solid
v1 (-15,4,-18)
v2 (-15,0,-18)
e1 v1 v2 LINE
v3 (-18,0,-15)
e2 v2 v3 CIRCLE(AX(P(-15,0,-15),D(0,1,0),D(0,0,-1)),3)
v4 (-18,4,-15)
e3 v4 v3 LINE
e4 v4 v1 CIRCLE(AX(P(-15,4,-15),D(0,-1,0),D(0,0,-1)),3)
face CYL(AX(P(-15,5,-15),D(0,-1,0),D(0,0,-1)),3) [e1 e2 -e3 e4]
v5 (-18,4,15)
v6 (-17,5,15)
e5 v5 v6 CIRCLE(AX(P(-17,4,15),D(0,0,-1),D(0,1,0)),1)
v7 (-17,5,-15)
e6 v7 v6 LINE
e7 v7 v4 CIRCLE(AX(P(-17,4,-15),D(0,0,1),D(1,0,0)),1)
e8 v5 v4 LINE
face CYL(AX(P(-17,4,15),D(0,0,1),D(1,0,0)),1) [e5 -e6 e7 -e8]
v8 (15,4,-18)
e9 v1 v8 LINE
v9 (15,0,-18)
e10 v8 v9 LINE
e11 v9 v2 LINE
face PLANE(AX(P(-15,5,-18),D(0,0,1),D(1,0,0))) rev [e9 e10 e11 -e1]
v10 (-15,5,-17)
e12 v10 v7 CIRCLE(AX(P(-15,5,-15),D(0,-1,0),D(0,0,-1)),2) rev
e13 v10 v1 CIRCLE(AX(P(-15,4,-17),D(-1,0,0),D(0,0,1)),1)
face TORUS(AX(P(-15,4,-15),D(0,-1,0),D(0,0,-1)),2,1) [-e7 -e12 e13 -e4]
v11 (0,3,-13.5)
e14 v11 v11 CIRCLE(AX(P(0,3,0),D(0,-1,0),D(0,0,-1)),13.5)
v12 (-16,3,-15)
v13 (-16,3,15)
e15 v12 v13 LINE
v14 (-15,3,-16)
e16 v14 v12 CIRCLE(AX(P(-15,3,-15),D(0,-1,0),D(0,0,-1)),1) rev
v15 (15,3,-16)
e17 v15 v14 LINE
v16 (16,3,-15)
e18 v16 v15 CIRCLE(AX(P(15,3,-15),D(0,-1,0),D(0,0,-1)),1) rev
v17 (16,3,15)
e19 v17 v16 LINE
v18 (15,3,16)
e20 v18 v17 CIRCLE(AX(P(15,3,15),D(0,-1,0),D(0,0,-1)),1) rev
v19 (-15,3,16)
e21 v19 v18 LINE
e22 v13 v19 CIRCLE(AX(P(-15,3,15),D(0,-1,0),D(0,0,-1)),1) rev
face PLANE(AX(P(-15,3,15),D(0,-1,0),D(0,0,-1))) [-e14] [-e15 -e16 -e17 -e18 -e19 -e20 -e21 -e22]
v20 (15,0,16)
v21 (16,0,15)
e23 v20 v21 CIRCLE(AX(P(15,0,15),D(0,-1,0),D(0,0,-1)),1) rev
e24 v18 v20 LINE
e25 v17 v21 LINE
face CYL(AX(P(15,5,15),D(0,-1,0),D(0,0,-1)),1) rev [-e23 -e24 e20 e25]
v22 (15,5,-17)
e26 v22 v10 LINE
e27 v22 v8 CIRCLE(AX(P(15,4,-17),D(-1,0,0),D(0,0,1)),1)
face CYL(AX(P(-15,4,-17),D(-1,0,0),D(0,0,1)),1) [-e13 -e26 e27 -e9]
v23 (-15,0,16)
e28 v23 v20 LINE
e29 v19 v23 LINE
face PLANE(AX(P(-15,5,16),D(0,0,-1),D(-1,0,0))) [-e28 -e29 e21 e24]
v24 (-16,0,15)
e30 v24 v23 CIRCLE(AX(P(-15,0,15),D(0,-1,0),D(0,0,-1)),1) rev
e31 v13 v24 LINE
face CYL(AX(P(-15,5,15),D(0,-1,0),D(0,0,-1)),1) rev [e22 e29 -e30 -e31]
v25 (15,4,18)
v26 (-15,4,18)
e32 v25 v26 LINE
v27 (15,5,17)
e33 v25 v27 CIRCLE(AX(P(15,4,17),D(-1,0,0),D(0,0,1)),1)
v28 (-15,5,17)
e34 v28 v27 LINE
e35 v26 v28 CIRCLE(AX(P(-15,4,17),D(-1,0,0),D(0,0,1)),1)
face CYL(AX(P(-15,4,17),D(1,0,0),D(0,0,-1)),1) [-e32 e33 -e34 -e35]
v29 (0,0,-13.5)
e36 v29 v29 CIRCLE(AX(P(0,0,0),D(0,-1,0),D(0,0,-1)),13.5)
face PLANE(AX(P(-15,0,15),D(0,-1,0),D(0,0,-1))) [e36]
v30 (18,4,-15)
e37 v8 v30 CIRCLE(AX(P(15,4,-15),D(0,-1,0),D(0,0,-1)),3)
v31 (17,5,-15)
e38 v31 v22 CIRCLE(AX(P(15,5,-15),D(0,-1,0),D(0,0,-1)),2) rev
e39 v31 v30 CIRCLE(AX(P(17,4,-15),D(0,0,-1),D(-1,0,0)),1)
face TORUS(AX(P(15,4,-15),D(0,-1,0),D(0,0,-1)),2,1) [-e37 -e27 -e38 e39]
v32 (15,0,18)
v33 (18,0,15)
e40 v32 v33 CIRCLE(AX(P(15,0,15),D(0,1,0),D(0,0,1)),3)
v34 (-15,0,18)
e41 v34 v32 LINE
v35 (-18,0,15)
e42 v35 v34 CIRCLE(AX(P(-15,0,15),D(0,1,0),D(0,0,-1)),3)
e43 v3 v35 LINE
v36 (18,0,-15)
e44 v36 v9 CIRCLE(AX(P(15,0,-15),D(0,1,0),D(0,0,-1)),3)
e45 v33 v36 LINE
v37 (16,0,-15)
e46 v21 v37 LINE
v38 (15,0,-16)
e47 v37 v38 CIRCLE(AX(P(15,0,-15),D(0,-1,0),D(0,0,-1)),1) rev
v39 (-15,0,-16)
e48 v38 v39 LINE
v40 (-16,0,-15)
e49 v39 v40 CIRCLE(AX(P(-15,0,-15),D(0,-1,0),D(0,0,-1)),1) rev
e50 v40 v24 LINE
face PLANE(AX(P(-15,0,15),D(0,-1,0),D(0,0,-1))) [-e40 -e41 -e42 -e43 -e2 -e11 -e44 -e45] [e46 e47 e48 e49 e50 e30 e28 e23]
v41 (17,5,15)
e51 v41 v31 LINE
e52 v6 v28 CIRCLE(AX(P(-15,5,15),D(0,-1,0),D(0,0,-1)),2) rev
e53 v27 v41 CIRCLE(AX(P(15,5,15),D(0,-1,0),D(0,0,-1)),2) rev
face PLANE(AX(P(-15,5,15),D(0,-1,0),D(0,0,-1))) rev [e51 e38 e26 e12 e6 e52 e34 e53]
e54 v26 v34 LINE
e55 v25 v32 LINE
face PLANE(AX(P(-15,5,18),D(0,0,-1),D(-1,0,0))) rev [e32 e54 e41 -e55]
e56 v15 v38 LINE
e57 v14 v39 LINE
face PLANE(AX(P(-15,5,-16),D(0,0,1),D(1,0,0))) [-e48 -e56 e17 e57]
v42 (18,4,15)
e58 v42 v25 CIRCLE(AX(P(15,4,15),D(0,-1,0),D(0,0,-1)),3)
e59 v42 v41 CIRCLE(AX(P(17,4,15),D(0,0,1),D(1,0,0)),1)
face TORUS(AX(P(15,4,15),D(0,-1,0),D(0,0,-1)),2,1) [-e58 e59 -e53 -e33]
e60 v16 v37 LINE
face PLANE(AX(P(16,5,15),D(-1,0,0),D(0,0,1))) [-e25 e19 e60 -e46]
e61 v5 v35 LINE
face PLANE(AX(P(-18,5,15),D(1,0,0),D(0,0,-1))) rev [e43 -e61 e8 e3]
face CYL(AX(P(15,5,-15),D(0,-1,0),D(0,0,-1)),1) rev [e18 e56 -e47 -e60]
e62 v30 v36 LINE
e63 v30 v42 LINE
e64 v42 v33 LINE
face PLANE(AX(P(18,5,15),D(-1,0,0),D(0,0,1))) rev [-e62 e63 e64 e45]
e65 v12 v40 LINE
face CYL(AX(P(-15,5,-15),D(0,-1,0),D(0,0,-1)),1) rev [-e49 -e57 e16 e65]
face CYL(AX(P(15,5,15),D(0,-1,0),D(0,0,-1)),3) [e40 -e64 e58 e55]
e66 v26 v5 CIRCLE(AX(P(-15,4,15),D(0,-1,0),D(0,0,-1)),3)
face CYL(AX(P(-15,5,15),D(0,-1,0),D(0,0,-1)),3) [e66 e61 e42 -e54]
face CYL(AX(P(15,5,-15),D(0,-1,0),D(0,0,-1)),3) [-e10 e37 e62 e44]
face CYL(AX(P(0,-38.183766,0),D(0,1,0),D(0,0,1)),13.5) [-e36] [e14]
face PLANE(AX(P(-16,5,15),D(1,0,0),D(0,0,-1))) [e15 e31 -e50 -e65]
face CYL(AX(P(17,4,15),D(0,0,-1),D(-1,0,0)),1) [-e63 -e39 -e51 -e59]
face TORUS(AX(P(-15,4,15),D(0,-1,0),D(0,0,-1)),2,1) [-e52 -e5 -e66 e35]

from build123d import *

# Parameters (mm, degrees)
BOSS_EXTRUDE1_DEPTH = 5
SHELL1_T            = -2
FILLET1_R           = 1
SKETCH2_R           = 13.5
BOSS_EXTRUDE2_DEPTH = 3


with BuildPart() as part:
    # Sketch1 → Boss-Extrude1 (new body)
    with BuildSketch(Plane(origin=(0, 0, 0), x_dir=(1, 0, 0), z_dir=(0, 1, 0))):
        with BuildLine():
            Line((-15, -18), (15, -18))
            ThreePointArc((15, -18), (17.121320344, -17.121320344), (18, -15))
            Line((18, -15), (18, 15))
            ThreePointArc((18, 15), (17.121320344, 17.121320344), (15, 18))
            Line((15, 18), (-15, 18))
            ThreePointArc((-15, 18), (-17.121320344, 17.121320344), (-18, 15))
            Line((-18, 15), (-18, -15))
            ThreePointArc((-18, -15), (-17.121320344, -17.121320344), (-15, -18))
        make_face()
    extrude(amount=BOSS_EXTRUDE1_DEPTH)

    # Shell1
    shell1_openings = [part.faces().sort_by_distance(p)[0] for p in [
        (0, 0, 0),
    ]]
    offset(amount=SHELL1_T, openings=shell1_openings, kind=Kind.INTERSECTION)

    # Fillet1
    fillet1_edges = [part.edges().sort_by_distance(p)[0] for p in [
        (17.121320344, 5, 17.121320344),
        (18, 5, 0),
        (17.121320344, 5, -17.121320344),
        (0, 5, -18),
        (-17.121320344, 5, -17.121320344),
        (-18, 5, 0),
        (-17.121320344, 5, 17.121320344),
        (0, 5, 18),
    ]]
    fillet(fillet1_edges, radius=FILLET1_R)

    # Sketch2 → Boss-Extrude2 (add)
    with BuildSketch(Plane.XZ.offset(-3)):
        with Locations(Location((0, 0, 0), (0, 0, 270))):
            Circle(SKETCH2_R)
    extrude(amount=BOSS_EXTRUDE2_DEPTH)


solid = part.part
